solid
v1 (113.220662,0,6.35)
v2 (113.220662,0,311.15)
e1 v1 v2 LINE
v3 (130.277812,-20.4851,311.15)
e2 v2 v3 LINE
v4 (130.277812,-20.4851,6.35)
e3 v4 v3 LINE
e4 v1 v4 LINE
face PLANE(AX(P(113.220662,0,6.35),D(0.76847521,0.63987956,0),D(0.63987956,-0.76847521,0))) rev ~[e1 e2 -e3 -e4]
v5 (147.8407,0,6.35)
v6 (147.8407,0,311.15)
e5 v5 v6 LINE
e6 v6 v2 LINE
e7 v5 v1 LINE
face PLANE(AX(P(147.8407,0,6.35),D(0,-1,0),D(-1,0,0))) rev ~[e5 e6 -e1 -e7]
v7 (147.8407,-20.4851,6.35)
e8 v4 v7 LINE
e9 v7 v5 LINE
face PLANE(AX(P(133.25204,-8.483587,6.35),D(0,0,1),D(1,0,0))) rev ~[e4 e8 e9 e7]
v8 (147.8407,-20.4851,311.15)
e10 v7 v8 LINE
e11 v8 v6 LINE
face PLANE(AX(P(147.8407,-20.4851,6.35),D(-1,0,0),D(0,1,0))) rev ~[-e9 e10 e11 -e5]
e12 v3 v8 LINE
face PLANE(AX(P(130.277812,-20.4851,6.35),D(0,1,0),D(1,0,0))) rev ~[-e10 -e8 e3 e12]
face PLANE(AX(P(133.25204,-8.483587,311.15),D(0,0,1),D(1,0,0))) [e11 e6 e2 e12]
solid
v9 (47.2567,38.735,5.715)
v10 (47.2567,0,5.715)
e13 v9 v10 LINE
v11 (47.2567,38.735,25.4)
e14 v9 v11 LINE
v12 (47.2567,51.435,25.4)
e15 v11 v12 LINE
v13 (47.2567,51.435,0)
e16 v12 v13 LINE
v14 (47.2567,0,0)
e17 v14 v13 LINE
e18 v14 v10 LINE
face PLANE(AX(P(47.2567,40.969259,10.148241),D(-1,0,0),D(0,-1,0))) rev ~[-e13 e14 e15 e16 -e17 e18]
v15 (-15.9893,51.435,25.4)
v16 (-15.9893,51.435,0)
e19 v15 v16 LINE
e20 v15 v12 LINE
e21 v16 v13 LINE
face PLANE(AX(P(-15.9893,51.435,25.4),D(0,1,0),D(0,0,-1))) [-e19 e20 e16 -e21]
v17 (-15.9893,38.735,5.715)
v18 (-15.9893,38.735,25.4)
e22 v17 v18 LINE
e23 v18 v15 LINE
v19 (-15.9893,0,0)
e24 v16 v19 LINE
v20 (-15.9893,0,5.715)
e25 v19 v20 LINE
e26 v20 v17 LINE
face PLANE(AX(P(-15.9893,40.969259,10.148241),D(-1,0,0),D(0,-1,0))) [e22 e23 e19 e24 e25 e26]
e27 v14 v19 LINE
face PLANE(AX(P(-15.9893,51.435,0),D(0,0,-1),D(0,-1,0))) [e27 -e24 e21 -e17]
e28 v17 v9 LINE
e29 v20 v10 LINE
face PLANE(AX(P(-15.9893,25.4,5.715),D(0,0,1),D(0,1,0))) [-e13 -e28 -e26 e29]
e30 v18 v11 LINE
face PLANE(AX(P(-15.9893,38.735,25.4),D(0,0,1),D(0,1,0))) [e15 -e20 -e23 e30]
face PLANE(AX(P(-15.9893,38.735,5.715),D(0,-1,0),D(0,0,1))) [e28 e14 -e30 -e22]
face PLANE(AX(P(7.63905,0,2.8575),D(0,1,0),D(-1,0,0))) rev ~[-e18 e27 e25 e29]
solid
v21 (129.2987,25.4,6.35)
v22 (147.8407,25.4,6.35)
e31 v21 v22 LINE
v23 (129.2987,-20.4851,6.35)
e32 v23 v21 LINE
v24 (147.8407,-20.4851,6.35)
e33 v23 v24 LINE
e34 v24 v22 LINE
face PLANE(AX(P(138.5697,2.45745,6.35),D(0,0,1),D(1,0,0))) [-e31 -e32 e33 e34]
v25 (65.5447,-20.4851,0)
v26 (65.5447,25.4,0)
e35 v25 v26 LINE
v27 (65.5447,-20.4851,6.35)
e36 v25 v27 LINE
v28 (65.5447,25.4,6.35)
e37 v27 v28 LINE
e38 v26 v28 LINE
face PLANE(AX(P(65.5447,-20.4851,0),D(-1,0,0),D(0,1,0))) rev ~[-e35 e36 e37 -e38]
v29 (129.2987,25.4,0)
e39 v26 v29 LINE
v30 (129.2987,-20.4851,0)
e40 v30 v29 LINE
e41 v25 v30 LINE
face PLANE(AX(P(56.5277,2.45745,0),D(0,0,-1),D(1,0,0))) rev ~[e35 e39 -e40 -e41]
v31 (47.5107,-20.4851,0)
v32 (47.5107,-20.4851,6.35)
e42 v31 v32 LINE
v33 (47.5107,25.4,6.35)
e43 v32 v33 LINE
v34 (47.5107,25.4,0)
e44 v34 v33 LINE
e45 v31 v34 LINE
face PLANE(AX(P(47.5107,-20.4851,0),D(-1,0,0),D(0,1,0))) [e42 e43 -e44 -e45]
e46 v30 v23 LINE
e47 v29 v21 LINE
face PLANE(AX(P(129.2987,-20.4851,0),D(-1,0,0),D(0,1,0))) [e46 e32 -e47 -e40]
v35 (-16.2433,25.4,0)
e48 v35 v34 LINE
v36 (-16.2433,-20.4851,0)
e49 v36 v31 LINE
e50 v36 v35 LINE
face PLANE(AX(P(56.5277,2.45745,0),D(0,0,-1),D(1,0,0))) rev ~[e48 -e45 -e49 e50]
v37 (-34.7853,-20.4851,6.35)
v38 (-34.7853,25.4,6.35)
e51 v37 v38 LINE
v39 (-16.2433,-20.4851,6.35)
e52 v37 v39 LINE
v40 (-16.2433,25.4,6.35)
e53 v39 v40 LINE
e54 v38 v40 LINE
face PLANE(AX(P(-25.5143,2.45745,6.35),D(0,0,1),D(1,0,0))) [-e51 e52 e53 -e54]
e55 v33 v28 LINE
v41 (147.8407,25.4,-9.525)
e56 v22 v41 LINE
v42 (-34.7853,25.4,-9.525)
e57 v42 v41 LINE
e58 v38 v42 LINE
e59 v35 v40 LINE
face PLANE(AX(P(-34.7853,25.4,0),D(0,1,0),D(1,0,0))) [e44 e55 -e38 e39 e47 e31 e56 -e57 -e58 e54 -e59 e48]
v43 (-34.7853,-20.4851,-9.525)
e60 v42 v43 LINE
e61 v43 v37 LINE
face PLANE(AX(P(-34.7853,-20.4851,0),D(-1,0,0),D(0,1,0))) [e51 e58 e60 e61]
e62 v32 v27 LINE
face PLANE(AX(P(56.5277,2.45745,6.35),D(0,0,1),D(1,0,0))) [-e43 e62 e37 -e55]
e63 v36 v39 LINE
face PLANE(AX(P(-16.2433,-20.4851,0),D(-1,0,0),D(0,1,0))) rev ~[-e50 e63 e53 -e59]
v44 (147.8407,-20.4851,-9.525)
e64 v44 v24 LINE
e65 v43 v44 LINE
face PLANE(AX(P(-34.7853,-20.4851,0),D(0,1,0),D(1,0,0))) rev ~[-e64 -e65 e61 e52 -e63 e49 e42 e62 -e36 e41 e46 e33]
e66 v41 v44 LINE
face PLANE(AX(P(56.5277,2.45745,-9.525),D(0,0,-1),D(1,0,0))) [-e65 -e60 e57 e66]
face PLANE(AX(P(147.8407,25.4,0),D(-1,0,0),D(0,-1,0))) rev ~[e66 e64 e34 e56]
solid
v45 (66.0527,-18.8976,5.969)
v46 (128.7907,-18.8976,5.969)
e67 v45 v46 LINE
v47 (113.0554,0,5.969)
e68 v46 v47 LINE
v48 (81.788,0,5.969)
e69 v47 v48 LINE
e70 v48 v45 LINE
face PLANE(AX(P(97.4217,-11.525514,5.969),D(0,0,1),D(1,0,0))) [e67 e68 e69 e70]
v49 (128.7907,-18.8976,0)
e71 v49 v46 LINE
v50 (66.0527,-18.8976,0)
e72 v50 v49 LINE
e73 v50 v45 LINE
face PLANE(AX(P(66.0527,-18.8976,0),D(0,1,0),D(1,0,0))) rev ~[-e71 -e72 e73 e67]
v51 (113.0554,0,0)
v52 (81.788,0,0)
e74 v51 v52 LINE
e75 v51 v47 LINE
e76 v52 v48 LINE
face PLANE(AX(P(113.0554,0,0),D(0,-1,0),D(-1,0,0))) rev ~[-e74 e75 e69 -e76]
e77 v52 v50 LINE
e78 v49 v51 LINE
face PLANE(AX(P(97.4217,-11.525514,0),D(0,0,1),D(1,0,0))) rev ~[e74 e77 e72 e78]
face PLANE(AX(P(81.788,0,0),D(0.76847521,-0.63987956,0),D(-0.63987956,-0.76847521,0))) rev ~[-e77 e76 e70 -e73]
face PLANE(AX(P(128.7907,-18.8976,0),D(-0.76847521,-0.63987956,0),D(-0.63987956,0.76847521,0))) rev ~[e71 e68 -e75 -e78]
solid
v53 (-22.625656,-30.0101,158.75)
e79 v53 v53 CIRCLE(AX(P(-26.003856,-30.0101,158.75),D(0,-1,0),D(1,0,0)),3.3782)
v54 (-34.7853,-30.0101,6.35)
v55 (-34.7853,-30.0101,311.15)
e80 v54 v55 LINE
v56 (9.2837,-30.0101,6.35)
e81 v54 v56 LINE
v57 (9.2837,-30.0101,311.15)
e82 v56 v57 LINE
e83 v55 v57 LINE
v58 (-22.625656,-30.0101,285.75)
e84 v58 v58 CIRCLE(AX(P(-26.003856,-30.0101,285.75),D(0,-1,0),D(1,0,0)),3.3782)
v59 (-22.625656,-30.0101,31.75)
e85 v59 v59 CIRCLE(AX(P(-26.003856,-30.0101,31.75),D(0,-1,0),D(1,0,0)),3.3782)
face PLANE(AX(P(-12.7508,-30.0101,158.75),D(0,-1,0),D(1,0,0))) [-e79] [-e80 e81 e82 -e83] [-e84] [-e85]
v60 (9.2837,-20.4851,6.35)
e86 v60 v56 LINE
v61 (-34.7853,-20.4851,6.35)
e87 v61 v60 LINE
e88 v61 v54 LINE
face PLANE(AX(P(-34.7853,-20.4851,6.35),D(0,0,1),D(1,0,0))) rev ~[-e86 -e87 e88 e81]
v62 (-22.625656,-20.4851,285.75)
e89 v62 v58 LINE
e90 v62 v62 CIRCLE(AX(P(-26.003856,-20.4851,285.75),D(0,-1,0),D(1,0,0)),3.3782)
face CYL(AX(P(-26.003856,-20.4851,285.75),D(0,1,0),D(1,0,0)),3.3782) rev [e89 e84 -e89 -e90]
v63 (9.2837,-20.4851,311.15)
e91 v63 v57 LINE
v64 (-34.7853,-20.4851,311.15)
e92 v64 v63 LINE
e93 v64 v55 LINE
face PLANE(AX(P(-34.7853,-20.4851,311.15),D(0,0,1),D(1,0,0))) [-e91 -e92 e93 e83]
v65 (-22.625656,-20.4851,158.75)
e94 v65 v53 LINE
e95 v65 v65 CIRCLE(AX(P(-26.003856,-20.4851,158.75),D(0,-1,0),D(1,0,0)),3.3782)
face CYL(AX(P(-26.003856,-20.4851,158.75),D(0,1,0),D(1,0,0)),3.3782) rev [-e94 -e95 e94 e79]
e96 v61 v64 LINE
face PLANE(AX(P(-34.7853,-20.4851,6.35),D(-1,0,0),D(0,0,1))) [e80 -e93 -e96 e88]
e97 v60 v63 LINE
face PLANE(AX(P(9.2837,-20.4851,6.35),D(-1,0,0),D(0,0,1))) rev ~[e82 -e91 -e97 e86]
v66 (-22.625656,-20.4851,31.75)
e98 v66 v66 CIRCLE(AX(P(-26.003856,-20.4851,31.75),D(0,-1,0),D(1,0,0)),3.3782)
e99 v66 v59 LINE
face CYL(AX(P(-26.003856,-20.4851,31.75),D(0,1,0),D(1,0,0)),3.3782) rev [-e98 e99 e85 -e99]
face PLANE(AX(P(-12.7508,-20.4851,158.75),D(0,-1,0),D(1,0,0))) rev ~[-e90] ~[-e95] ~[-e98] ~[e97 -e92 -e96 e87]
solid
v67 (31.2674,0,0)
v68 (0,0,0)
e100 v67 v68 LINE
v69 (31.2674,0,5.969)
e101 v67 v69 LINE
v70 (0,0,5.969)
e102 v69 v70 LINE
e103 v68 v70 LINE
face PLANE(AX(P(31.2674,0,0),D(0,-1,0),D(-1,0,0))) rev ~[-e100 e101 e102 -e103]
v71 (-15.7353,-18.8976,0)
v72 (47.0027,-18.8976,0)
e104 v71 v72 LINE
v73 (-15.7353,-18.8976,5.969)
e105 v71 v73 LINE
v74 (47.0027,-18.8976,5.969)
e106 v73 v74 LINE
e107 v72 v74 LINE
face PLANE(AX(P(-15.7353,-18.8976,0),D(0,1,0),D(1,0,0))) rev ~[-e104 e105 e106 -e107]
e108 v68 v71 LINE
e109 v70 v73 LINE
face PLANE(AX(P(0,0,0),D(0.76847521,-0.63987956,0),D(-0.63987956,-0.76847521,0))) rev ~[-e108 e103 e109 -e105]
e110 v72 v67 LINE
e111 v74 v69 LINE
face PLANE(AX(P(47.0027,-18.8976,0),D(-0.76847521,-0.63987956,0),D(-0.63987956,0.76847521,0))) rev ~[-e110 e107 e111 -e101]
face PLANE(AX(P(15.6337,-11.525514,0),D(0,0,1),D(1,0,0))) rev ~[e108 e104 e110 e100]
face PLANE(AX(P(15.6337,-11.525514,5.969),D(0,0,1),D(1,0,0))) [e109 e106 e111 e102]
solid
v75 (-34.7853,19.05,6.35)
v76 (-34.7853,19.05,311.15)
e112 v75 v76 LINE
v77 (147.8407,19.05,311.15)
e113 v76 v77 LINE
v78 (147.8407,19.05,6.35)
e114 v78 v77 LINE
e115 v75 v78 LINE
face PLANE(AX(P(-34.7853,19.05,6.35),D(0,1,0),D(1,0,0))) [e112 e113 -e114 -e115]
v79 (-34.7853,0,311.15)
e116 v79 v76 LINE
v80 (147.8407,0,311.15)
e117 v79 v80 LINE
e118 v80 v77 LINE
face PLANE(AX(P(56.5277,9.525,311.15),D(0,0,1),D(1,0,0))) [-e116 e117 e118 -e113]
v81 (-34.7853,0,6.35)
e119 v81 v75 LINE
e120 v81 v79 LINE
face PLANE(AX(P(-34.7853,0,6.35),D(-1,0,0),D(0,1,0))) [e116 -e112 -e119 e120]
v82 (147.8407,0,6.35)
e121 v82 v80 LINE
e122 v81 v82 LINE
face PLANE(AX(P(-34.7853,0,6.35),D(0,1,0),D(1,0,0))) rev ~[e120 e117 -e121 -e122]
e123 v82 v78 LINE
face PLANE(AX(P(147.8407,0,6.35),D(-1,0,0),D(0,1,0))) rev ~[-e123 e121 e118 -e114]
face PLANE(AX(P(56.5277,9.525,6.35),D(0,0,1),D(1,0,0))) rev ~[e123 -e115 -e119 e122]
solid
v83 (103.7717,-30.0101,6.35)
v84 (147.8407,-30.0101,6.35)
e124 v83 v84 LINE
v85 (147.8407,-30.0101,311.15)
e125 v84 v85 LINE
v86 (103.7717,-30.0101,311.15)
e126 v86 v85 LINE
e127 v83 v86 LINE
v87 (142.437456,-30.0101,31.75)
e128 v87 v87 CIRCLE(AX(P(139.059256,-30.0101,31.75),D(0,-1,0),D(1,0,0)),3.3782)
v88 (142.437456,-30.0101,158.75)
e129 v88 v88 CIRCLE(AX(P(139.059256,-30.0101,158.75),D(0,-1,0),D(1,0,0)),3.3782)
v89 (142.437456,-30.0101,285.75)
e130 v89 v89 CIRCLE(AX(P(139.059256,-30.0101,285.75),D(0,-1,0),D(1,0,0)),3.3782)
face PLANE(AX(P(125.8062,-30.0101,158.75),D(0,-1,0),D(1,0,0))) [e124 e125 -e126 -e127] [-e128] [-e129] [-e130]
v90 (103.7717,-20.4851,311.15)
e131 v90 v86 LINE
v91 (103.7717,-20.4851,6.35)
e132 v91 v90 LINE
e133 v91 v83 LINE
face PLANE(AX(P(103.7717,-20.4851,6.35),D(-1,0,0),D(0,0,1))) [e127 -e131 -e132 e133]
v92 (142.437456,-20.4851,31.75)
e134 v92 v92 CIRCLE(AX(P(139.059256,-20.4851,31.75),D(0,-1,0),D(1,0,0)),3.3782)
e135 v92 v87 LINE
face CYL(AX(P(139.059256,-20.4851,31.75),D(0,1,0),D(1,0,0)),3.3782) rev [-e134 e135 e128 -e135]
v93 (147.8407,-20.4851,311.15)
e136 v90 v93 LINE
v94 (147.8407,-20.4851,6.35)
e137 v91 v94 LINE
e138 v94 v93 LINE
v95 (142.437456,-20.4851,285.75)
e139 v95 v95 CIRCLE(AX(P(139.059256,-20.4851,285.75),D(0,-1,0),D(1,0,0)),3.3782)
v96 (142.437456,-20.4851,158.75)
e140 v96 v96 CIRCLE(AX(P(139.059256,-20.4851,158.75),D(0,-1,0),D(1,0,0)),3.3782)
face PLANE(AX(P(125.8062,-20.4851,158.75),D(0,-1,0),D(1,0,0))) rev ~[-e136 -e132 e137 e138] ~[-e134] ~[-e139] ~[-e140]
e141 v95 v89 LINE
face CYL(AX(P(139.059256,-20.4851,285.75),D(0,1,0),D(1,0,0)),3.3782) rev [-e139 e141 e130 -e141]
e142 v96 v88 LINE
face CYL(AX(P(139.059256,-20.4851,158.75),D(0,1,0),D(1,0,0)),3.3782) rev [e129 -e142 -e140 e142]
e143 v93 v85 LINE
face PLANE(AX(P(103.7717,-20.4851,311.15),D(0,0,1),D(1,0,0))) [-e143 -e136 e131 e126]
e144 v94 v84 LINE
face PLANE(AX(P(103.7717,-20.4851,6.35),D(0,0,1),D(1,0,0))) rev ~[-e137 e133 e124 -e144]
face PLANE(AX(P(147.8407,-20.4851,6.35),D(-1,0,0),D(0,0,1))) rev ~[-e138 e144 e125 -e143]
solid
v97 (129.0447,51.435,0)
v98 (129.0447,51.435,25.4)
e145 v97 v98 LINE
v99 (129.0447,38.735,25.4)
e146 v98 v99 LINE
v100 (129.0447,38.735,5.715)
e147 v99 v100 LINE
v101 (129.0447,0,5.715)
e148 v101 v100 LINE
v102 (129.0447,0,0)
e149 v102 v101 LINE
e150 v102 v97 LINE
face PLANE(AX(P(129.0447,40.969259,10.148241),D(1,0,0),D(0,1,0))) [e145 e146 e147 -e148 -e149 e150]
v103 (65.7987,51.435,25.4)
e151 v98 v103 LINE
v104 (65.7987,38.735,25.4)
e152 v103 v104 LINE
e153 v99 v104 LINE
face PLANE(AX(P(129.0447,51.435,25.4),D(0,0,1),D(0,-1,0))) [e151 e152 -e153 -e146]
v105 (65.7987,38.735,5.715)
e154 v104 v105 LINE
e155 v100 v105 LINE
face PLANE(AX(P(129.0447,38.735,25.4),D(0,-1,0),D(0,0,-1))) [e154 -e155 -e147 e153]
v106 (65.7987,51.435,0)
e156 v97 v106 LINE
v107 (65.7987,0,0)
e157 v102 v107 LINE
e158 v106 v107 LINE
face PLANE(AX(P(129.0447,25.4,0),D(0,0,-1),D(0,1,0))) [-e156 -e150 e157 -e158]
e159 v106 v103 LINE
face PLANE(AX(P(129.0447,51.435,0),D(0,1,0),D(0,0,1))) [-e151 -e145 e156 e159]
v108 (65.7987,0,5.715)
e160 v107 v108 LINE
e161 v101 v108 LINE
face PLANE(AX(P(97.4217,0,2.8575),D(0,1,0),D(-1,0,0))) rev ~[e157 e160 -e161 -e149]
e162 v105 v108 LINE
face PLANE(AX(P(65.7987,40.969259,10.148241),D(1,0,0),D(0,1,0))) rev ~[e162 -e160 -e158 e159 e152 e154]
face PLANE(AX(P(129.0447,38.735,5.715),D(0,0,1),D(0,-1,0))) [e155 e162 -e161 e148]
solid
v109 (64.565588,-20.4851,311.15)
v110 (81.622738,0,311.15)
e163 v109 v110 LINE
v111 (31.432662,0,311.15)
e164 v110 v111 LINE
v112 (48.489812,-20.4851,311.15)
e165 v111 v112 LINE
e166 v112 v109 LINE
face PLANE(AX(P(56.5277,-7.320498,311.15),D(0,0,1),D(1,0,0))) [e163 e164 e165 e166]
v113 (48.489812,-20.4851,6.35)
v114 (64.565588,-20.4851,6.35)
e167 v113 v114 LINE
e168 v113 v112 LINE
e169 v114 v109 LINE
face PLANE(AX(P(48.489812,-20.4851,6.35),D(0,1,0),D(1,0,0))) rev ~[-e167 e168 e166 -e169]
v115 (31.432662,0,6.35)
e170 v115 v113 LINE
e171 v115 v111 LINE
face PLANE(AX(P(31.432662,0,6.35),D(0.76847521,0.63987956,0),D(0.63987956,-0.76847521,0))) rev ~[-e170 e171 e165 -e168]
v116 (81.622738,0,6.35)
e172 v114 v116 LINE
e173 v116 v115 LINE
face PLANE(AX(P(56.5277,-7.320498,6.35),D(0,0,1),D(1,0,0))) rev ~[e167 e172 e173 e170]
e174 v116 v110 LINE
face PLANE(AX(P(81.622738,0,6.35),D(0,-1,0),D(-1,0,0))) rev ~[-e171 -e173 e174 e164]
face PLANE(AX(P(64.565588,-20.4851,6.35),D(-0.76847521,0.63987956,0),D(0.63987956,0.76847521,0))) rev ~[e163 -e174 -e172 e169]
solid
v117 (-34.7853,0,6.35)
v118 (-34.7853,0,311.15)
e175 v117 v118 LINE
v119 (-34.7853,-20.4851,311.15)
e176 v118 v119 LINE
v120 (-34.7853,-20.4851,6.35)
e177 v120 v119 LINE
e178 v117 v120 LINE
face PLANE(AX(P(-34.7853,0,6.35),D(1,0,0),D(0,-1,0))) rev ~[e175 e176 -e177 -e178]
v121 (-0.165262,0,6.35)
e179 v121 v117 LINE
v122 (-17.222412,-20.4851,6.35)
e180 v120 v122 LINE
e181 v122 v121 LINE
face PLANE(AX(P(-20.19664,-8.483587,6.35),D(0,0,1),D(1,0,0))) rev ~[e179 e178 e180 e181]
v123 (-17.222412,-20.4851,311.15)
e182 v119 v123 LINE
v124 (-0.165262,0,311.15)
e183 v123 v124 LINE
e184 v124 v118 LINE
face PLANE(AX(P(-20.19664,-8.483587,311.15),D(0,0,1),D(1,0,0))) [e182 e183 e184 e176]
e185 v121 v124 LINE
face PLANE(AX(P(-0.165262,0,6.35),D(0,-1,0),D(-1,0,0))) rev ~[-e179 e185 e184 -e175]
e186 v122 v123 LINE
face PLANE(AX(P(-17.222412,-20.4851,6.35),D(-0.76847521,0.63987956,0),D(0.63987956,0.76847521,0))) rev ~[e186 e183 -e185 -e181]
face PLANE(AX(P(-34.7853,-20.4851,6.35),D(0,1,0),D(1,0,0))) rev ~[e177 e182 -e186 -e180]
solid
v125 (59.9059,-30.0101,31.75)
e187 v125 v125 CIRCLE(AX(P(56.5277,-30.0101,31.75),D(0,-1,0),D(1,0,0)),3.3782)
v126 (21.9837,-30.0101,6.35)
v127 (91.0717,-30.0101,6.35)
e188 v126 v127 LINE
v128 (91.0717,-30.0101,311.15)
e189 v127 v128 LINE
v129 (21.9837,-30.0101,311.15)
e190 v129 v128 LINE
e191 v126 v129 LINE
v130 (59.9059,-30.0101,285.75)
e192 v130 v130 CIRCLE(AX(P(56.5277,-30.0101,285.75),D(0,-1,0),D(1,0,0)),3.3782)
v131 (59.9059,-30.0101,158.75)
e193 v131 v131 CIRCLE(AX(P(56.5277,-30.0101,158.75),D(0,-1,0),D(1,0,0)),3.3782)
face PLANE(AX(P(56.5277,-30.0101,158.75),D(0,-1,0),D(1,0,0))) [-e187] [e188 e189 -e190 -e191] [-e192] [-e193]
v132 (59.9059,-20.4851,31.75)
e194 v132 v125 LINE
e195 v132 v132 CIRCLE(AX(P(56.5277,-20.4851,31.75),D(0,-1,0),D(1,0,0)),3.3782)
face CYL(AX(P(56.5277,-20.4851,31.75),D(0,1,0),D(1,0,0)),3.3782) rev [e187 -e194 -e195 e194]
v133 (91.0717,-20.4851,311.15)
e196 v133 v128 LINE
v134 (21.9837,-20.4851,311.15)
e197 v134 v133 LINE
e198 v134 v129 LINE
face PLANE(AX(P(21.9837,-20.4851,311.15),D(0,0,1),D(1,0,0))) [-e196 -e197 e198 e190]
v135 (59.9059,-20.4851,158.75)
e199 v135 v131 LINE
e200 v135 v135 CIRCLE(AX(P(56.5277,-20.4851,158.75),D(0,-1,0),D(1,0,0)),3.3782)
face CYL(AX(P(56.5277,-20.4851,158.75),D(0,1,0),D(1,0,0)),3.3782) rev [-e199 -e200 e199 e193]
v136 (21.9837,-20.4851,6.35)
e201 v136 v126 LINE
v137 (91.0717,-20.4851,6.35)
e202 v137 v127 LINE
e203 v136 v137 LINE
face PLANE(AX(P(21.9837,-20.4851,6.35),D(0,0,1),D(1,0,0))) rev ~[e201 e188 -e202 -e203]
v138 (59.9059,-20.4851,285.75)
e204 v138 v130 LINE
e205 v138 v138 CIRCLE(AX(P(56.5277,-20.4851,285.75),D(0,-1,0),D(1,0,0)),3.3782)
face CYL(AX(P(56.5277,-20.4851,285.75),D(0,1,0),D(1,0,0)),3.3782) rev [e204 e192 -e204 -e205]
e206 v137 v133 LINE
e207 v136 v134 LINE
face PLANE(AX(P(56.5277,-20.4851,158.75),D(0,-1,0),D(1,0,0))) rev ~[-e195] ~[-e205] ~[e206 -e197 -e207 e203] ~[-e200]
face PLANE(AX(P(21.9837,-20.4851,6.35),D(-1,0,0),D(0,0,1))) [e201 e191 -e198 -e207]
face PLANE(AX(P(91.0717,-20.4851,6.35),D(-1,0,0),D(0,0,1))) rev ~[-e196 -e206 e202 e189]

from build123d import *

# Parameters (mm, degrees)
F1_DEPTH  = 5.969
F2_W      = 182.626
F2_H      = 45.8851
F3_DEPTH  = 9.525
F4_W      = 47.2567
F4_H      = 5.715
F4_W_2    = 15.9893
F5_DEPTH  = 25.4
F4_W_3    = 63.246
F6_W      = 18.542
F6_H      = 45.8851
F6_W_2    = 18.034
F7_DEPTH  = 6.35
F8_W      = 182.626
F8_H      = 19.05
F9_DEPTH  = 304.8
F11_DEPTH = 63.246
F13_DEPTH = 63.246
F15_DEPTH = 304.8
F16_W     = 44.069
F16_H     = 304.8
F16_R     = 3.3782
F17_DEPTH = 9.525
F16_W_2   = 69.088


with BuildPart() as f1:
    # F0 (on Top) → F1 (new body)
    with BuildSketch(Plane.XY):
        Polygon((0, 0), (-15.7353, -18.8976), (47.0027, -18.8976), (31.2674, 0), align=None)
    extrude(amount=F1_DEPTH)


with BuildPart() as f1b:
    # F0 (on Top) → F1, piece 2 (new body)
    with BuildSketch(Plane.XY):
        Polygon((81.788, 0), (66.0527, -18.8976), (128.7907, -18.8976), (113.0554, 0), align=None)
    extrude(amount=F1_DEPTH)


with BuildPart() as f3:
    # F2 (on face) → F3 (new body)
    with BuildSketch(Plane(origin=(0, 0, 0), x_dir=(1, 0, 0), z_dir=(0, 0, -1))):
        with Locations((56.5277, -2.45745)):
            Rectangle(F2_W, F2_H)
    extrude(amount=F3_DEPTH)

    # F6 (on face) → F7 (join)
    with BuildSketch(Plane.XY):
        with Locations((-25.5143, 2.45745)):
            Rectangle(F6_W, F6_H)
        with Locations((138.5697, 2.45745)):
            Rectangle(F6_W, F6_H)
        with Locations((56.5277, 2.45745)):
            Rectangle(F6_W_2, F6_H)
    extrude(amount=F7_DEPTH)


with BuildPart() as f5:
    # F4 (on face) → F5 (new body)
    with BuildSketch(Plane(origin=(0, 0, 0), x_dir=(-1, 0, 0), z_dir=(0, 1, 0))):
        with Locations((-7.63905, 2.8575)):
            Rectangle(F4_W, F4_H)
        with Locations((-39.26205, 2.8575)):
            Rectangle(F4_W_2, F4_H)
    extrude(amount=F5_DEPTH)

    # F10 (on face) → F11 (join, through all)
    with BuildSketch(Plane(origin=(-15.9893, 0, 0), x_dir=(0, -1, 0), z_dir=(-1, 0, 0))):
        Polygon((-38.735, 25.4), (-51.435, 25.4), (-51.435, 0), (-38.735, 0), (-25.4, 0), (-25.4, 5.715), (-38.735, 5.715), align=None)
    extrude(amount=-F11_DEPTH)


with BuildPart() as f5b:
    # F4 (on face) → F5, piece 2 (new body)
    with BuildSketch(Plane(origin=(0, 0, 0), x_dir=(-1, 0, 0), z_dir=(0, 1, 0))):
        with Locations((-97.4217, 2.8575)):
            Rectangle(F4_W_3, F4_H)
    extrude(amount=F5_DEPTH)

    # F12 (on face) → F13 (join, through all)
    with BuildSketch(Plane.YZ.offset(129.0447)):
        Polygon((38.735, 25.4), (38.735, 5.715), (25.4, 5.715), (25.4, 0), (38.735, 0), (51.435, 0), (51.435, 25.4), align=None)
    extrude(amount=-F13_DEPTH)


with BuildPart() as f9:
    # F8 (on face) → F9 (new body)
    with BuildSketch(Plane.XY.offset(6.35)):
        with Locations((56.5277, 9.525)):
            Rectangle(F8_W, F8_H)
    extrude(amount=F9_DEPTH)


with BuildPart() as f15:
    # F14 (on face) → F15 (new body)
    with BuildSketch(Plane.XY.offset(6.35)):
        Polygon((-0.1652623251, 0), (-34.7853, 0), (-34.7853, -20.4851), (-17.2224121235, -20.4851), align=None)
    extrude(amount=F15_DEPTH)


with BuildPart() as f15b:
    # F14 (on face) → F15, piece 2 (new body)
    with BuildSketch(Plane.XY.offset(6.35)):
        Polygon((56.5277, 0), (31.4326623251, 0), (48.4898121235, -20.4851), (56.5277, -20.4851), (64.5655878765, -20.4851), (81.6227376749, 0), align=None)
    extrude(amount=F15_DEPTH)


with BuildPart() as f15c:
    # F14 (on face) → F15, piece 3 (new body)
    with BuildSketch(Plane.XY.offset(6.35)):
        Polygon((113.2206623251, 0), (130.2778121235, -20.4851), (147.8407, -20.4851), (147.8407, 0), align=None)
    extrude(amount=F15_DEPTH)


with BuildPart() as f17:
    # F16 (on face) → F17 (new body)
    with BuildSketch(Plane.XZ.offset(20.4851)):
        with Locations((-12.7508, 158.75)):
            Rectangle(F16_W, F16_H)
        with Locations((-26.0038560617, 31.75)):
            Circle(F16_R, mode=Mode.SUBTRACT)
        with Locations((-26.0038560617, 158.75)):
            Circle(F16_R, mode=Mode.SUBTRACT)
        with Locations((-26.0038560617, 285.75)):
            Circle(F16_R, mode=Mode.SUBTRACT)
    extrude(amount=F17_DEPTH)


with BuildPart() as f17b:
    # F16 (on face) → F17, piece 2 (new body)
    with BuildSketch(Plane.XZ.offset(20.4851)):
        with Locations((56.5277, 158.75)):
            Rectangle(F16_W_2, F16_H)
        with Locations((56.5277, 31.75)):
            Circle(F16_R, mode=Mode.SUBTRACT)
        with Locations((56.5277, 158.75)):
            Circle(F16_R, mode=Mode.SUBTRACT)
        with Locations((56.5277, 285.75)):
            Circle(F16_R, mode=Mode.SUBTRACT)
    extrude(amount=F17_DEPTH)


with BuildPart() as f17c:
    # F16 (on face) → F17, piece 3 (new body)
    with BuildSketch(Plane.XZ.offset(20.4851)):
        with Locations((125.8062, 158.75)):
            Rectangle(F16_W, F16_H)
        with Locations((139.0592560617, 31.75)):
            Circle(F16_R, mode=Mode.SUBTRACT)
        with Locations((139.0592560617, 158.75)):
            Circle(F16_R, mode=Mode.SUBTRACT)
        with Locations((139.0592560617, 285.75)):
            Circle(F16_R, mode=Mode.SUBTRACT)
    extrude(amount=F17_DEPTH)


solid = Compound([f1.part, f1b.part, f3.part, f5.part, f5b.part, f9.part, f15.part, f15b.part, f15c.part, f17.part, f17b.part, f17c.part])
